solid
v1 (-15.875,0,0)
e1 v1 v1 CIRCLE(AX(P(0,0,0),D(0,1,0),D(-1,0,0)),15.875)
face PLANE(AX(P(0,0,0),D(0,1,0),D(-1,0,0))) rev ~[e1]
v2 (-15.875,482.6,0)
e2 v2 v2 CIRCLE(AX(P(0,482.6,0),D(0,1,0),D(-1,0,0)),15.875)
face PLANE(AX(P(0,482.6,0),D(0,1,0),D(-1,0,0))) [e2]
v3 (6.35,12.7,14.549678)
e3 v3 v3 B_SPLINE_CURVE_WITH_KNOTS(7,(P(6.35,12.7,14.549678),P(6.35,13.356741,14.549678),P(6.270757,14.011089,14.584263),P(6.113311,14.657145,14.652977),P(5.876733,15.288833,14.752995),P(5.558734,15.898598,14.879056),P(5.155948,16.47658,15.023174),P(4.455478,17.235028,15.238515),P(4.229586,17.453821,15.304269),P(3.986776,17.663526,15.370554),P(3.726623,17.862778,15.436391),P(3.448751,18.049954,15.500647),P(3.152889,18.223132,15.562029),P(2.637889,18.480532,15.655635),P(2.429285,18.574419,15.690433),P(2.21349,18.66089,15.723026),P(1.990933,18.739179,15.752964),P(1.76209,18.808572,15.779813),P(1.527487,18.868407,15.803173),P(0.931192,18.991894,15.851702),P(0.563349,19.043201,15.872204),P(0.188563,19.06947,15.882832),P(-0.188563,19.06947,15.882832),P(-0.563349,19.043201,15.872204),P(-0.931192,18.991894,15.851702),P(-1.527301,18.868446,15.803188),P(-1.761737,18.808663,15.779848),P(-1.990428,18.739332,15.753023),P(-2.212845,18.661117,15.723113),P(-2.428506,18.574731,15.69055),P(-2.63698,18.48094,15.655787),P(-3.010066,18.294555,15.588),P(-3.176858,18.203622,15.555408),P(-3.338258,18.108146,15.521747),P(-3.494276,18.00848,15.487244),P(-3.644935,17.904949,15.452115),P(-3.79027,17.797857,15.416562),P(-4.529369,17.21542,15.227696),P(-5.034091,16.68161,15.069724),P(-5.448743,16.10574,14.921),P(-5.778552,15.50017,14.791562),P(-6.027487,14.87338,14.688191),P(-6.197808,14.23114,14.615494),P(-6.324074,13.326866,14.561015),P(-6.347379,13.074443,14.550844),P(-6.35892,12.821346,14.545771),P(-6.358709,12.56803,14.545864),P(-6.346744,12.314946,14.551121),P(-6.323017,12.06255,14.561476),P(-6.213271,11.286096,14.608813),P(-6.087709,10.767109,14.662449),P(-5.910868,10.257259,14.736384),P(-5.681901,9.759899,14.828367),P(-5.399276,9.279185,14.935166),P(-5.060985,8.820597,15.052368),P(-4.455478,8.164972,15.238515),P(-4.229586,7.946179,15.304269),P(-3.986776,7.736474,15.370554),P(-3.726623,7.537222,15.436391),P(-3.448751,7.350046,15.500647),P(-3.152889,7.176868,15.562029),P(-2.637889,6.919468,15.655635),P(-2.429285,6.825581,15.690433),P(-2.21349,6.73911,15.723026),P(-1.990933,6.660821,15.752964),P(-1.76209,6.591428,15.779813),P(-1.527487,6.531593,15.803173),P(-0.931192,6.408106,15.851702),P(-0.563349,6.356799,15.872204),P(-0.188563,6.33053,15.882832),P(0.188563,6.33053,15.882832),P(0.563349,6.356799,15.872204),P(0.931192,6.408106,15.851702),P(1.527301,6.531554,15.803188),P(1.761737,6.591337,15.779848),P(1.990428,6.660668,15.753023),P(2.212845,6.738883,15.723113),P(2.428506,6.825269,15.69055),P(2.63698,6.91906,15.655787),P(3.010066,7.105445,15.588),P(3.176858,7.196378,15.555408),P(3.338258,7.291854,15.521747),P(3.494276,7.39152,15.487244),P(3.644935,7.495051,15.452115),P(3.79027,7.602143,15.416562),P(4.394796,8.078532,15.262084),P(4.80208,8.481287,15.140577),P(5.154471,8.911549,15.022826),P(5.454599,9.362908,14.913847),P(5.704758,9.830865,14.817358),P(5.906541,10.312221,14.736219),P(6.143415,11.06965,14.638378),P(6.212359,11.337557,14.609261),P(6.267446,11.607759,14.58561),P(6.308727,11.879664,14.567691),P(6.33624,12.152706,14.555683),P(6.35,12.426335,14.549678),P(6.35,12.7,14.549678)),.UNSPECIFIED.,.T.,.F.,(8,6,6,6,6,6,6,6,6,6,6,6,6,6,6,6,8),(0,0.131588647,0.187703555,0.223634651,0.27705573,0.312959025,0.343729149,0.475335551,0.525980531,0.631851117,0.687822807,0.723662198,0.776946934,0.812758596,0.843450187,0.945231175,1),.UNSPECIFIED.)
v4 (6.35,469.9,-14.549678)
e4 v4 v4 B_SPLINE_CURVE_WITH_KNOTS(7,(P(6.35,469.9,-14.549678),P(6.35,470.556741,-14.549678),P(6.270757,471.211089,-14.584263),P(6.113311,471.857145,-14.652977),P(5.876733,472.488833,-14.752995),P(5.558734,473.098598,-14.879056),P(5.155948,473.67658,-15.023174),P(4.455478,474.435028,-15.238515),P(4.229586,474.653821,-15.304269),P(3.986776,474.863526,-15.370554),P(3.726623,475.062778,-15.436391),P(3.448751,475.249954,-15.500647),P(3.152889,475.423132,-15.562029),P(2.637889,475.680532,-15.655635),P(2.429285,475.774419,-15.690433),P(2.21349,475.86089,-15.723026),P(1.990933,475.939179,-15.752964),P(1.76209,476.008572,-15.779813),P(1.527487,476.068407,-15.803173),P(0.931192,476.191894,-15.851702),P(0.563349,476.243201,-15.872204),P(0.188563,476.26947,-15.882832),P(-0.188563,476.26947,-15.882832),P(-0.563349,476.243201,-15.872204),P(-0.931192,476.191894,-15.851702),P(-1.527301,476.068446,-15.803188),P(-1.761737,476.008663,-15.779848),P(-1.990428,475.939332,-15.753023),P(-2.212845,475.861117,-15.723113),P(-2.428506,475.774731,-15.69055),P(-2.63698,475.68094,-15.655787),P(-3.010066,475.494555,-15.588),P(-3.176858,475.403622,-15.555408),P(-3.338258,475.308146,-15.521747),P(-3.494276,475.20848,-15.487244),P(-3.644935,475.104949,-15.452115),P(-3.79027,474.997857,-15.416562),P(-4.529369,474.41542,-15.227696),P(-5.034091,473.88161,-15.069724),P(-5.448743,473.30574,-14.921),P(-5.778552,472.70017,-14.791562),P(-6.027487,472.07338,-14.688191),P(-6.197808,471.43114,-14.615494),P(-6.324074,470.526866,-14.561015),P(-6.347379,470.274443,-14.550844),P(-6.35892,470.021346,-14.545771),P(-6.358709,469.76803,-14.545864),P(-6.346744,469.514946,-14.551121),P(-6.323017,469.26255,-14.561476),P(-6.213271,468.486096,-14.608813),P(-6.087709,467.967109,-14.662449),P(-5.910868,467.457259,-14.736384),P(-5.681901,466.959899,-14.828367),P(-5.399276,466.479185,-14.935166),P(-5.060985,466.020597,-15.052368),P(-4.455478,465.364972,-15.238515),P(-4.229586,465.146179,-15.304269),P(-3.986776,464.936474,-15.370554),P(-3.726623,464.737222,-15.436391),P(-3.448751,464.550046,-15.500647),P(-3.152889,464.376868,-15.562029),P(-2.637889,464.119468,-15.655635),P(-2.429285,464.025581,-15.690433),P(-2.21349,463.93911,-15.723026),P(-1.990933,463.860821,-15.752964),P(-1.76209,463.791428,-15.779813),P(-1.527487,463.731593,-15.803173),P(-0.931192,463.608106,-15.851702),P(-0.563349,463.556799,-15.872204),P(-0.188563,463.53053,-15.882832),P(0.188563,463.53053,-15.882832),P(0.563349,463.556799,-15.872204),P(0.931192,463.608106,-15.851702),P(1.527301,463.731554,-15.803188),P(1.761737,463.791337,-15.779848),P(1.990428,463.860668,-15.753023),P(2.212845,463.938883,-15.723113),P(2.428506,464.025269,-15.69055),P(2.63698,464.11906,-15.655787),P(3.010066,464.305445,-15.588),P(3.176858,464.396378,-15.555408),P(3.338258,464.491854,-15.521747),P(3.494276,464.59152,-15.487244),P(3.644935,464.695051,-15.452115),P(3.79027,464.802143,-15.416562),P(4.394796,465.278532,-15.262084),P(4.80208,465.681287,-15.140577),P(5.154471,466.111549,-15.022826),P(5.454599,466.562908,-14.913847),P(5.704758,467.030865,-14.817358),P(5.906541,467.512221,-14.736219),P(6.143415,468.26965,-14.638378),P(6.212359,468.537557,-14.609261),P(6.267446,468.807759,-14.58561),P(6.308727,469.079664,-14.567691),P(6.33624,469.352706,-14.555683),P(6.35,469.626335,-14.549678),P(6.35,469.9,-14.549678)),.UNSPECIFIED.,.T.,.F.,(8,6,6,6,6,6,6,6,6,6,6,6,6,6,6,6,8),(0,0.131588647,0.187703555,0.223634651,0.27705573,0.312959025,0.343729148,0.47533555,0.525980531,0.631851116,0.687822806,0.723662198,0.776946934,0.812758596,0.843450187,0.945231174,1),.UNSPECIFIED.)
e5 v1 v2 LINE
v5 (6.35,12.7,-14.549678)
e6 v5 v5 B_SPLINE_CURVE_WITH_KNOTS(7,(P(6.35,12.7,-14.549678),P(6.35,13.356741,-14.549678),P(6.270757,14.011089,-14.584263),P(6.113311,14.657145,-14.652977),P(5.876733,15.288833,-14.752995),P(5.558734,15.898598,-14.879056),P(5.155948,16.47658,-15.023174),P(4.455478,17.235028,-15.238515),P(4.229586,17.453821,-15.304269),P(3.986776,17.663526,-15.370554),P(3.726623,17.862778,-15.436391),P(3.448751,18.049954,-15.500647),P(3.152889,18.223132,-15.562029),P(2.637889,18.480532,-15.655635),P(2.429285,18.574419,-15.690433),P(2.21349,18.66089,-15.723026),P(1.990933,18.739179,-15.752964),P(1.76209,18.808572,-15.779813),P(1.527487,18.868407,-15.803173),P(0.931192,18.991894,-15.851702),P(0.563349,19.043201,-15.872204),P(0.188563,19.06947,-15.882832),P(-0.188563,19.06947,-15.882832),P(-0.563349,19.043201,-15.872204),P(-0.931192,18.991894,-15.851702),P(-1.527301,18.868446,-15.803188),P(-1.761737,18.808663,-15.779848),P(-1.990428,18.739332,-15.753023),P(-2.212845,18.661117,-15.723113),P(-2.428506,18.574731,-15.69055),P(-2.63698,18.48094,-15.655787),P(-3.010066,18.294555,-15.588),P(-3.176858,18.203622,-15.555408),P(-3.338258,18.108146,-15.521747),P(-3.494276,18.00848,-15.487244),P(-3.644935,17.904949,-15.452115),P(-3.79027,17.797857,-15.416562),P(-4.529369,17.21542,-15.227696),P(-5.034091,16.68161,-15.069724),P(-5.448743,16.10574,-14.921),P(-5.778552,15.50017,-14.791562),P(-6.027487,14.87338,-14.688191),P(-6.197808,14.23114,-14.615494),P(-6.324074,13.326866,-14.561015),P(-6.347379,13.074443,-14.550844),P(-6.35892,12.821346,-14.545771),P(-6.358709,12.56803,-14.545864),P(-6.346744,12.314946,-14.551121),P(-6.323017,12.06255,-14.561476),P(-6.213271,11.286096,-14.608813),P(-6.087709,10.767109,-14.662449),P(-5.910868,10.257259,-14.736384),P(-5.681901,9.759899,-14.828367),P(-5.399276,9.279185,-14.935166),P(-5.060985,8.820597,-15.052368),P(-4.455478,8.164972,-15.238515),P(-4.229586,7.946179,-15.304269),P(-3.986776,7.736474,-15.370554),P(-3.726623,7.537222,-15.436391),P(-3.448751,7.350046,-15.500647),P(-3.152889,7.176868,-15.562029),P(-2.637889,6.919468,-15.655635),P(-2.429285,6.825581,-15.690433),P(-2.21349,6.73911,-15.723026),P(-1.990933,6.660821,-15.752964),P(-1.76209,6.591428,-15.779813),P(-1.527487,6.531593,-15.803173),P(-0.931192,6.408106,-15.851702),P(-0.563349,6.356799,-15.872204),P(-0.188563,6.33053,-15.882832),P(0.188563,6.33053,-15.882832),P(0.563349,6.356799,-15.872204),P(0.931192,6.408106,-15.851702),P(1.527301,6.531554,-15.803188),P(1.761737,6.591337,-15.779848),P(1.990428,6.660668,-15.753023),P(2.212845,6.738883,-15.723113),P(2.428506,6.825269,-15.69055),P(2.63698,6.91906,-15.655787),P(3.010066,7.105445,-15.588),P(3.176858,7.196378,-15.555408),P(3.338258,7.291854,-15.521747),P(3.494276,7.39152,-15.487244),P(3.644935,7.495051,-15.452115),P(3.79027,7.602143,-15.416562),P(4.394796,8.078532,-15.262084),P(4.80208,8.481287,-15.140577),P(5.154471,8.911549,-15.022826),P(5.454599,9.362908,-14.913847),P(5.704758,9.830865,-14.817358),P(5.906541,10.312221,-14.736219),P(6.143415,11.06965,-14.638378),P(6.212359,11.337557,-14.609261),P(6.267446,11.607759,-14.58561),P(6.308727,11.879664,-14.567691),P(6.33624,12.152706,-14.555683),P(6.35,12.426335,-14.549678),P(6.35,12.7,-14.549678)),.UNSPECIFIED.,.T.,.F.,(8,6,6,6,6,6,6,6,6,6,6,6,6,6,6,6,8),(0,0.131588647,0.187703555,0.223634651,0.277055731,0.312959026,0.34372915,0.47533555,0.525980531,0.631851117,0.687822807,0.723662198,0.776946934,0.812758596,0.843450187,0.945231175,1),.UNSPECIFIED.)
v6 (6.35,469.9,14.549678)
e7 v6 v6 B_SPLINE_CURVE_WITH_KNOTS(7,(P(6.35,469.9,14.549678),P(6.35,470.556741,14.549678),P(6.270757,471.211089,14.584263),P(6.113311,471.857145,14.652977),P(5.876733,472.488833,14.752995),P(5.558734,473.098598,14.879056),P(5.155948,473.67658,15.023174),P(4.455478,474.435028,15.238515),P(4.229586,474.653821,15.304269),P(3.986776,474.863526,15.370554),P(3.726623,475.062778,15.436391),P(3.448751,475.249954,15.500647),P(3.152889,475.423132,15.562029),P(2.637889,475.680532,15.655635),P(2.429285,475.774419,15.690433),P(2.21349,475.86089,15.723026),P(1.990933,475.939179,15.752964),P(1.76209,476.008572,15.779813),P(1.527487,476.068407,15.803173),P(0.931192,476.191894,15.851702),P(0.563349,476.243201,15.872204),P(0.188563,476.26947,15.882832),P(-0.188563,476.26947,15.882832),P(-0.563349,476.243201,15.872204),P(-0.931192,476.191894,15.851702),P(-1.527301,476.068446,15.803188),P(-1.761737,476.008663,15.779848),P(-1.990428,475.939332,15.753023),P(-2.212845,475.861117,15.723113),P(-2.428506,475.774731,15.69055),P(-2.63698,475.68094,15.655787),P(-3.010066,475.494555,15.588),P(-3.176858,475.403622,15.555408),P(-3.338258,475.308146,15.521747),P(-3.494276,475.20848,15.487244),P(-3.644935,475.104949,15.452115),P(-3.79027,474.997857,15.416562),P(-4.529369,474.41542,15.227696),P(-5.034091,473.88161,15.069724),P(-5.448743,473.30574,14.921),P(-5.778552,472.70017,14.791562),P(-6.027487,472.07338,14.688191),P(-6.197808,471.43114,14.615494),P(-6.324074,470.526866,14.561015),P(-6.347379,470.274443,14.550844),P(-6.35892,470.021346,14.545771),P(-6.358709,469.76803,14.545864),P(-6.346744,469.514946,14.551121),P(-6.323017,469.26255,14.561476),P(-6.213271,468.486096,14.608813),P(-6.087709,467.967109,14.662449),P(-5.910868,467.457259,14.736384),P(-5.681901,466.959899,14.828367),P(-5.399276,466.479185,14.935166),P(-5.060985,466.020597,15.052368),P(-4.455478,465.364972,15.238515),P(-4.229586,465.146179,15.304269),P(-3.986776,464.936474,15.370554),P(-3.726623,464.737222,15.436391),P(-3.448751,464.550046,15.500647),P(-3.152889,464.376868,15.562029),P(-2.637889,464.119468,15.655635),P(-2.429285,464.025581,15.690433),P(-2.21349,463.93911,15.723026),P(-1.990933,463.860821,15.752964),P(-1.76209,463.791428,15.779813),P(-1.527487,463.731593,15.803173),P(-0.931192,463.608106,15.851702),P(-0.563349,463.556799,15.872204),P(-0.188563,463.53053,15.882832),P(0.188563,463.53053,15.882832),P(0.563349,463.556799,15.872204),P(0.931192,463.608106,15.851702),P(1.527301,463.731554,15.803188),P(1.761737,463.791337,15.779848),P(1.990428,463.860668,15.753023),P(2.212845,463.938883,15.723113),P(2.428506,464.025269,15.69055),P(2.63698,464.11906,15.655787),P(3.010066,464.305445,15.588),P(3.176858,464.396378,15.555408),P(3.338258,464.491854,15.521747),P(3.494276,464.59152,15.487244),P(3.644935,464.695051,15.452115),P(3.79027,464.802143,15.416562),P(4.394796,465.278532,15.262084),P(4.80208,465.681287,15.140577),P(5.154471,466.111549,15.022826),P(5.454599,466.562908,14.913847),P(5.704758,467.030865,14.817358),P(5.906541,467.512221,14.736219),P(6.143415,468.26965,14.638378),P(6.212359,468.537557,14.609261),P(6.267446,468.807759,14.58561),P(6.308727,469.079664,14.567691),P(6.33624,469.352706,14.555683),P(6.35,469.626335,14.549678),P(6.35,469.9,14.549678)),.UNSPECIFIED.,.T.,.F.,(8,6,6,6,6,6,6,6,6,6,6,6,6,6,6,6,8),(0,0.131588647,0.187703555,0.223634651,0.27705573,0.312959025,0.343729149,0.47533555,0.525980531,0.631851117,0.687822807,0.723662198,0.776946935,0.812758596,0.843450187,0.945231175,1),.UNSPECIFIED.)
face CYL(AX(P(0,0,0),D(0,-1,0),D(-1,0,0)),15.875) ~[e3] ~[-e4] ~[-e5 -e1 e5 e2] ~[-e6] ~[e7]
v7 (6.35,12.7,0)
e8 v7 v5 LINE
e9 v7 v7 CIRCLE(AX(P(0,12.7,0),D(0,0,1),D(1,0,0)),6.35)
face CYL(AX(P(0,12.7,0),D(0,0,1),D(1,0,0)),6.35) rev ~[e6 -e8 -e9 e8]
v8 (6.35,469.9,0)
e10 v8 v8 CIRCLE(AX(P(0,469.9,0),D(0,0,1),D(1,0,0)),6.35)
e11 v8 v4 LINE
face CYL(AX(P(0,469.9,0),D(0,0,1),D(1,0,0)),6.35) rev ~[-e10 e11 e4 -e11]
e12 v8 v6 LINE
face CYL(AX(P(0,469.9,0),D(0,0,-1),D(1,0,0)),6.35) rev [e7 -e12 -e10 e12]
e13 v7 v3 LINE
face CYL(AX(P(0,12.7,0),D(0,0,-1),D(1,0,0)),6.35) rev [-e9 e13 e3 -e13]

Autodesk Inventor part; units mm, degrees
ref_plane "YZ Plane" through (0, 0, 0) normal (1, 0, 0) x (0, 1, 0)
ref_plane "XZ Plane" through (0, 0, 0) normal (0, 1, 0) x (-1, 0, 0)
ref_plane "XY Plane" through (0, 0, 0) normal (0, 0, 1) x (1, 0, 0)
sketch "Sketch1" plane through (0, 0, 0) normal (0, 1, 0) x (-1, 0, 0)
  circle A0 centre (0, 0) radius 15.875
  dimension "d0" = 31.75
extrude "Extrusion1" add sketch "Sketch1" along normal blind 482.6
sketch "Sketch2" plane through (0, 0, 0) normal (0, 0, 1) x (1, 0, 0)
  circle A0 centre (0, 12.7) radius 6.35
  line L0 (-15.875, 0) -> (15.875, 0) projected
  circle A1 centre (0, 469.9) radius 6.35
  line L1 (15.875, 482.6) -> (-15.875, 482.6) projected
  point P0 (0, 0)
  dimension "d3" = 12.7
  dimension "d6" = 12.7
  dimension "d7" = 12.7
  dimension "d8" = 12.7
extrude "Extrusion2" cut sketch "Sketch2" along normal mid plane 50.8
equation "\"d8\" = d6"
properties part number "Cylindar"
